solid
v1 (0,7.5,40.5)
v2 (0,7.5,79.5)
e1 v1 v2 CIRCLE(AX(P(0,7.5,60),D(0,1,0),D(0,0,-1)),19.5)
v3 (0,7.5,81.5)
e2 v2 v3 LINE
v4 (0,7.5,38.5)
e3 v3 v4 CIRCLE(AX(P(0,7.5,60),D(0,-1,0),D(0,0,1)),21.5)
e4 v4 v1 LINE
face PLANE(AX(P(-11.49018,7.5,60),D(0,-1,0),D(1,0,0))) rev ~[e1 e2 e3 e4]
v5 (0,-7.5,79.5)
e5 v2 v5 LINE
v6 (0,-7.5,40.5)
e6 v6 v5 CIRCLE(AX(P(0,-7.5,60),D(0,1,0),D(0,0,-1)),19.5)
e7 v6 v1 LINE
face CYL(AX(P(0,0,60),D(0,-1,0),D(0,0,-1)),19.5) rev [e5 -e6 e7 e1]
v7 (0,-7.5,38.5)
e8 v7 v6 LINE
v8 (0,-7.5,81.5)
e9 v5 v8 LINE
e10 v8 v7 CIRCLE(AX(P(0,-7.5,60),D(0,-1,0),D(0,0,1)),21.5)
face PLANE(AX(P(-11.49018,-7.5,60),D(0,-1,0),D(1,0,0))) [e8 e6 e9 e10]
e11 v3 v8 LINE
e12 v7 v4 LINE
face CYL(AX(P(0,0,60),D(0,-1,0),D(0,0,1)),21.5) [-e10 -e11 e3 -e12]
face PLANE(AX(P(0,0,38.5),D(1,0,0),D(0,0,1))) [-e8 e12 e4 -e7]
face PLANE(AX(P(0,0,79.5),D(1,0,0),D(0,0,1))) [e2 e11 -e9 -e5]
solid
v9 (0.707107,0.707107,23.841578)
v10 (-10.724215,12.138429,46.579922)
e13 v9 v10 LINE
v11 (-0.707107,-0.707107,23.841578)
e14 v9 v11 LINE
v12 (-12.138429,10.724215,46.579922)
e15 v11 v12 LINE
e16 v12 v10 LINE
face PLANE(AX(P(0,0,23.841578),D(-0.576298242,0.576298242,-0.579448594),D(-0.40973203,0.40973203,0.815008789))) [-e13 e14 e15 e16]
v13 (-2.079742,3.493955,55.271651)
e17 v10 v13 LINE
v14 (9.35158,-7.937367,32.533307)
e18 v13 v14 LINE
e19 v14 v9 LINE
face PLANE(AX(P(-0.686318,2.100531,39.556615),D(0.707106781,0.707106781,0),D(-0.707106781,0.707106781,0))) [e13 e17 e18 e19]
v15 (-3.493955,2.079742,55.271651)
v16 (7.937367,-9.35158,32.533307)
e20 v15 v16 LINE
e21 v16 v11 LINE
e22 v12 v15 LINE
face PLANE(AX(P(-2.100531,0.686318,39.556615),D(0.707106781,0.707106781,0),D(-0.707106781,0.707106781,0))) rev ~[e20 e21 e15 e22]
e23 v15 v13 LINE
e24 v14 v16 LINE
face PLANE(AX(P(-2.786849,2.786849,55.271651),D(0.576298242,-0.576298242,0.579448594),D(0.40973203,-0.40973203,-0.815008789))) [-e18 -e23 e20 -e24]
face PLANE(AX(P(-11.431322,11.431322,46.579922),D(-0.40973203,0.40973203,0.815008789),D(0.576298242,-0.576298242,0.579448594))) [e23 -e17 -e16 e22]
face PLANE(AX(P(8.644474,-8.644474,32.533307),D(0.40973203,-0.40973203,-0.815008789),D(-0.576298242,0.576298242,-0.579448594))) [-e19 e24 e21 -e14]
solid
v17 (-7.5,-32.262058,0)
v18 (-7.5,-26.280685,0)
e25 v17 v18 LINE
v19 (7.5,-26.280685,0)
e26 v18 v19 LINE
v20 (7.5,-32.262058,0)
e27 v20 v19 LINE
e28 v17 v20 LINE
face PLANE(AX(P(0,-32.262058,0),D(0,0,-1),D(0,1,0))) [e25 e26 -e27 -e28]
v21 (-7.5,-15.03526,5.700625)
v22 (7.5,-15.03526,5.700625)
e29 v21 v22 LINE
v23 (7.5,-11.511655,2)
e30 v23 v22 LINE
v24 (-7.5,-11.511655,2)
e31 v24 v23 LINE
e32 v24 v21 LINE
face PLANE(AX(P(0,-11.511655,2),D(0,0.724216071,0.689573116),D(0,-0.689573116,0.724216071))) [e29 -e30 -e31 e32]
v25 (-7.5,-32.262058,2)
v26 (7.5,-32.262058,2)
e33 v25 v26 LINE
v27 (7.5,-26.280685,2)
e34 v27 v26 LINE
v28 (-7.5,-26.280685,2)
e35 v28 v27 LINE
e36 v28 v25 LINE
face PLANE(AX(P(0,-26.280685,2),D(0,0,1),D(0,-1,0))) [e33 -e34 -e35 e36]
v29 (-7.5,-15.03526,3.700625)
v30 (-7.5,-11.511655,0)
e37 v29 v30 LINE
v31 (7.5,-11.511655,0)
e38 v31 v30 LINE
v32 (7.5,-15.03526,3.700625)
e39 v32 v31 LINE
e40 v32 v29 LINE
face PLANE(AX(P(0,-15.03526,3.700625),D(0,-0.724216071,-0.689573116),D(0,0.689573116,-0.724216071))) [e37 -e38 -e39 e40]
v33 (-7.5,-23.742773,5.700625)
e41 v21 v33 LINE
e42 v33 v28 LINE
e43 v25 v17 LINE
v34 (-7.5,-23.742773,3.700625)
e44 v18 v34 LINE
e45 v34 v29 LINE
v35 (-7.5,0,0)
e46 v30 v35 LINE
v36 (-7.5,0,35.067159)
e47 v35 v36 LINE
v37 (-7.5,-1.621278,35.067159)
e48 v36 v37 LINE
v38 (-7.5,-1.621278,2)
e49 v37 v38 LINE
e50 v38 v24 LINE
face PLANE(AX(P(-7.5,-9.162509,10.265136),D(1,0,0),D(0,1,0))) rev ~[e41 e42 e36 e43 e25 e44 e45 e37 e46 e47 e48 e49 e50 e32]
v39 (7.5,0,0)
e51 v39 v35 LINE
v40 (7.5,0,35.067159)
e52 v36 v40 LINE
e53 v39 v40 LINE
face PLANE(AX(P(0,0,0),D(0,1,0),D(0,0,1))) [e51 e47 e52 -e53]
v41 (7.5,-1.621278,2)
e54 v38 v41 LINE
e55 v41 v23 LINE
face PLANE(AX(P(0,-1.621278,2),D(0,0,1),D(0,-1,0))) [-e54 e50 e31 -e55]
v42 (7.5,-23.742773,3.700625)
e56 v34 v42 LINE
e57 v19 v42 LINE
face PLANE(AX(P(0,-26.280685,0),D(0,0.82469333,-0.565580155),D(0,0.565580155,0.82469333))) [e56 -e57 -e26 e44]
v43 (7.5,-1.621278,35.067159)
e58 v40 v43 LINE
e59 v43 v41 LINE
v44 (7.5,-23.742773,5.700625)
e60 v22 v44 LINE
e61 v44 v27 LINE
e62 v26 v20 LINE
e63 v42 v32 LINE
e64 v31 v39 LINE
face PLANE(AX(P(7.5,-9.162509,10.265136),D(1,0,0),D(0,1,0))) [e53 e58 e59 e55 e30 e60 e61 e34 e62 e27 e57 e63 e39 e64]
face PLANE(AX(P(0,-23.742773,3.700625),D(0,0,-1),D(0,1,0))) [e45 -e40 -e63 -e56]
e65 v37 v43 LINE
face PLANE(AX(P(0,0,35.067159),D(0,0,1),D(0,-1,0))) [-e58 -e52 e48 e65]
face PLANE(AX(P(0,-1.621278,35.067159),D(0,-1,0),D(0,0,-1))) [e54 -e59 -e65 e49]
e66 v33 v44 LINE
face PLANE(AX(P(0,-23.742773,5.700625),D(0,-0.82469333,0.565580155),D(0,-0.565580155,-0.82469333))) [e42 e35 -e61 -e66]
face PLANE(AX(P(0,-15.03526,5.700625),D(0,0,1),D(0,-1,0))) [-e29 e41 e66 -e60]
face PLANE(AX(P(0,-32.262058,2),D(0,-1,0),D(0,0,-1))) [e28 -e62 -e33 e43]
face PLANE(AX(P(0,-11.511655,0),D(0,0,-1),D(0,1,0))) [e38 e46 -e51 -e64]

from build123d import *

# Parameters (mm, degrees)
F1_DEPTH = 7.5
F3_DEPTH = 7.5
F6_DEPTH = 1


with BuildPart() as f1:
    # F0 (on Front) → F1 (new body, symmetric)
    with BuildSketch(Plane.XZ):
        with BuildLine():
            ThreePointArc((0, 40.5), (-19.5, 60), (0, 79.5))
            Line((0, 79.5), (0, 81.5))
            ThreePointArc((0, 81.5), (-21.5, 60), (0, 38.5))
            Line((0, 38.5), (0, 40.5))
        make_face()
    extrude(amount=F1_DEPTH, both=True)


with BuildPart() as f3:
    # F2 (on Right) → F3 (new body, symmetric)
    with BuildSketch(Plane.YZ):
        Polygon((0, 0), (0, 35.0671593758), (-1.6212782684, 35.0671593758), (-1.6212782684, 2), (-11.51165483, 2), (-15.0352595659, 5.7006245105), (-23.7427725853, 5.7006245105), (-26.2806854154, 2), (-32.2620575655, 2), (-32.2620575655, 0), (-26.2806854154, 0), (-23.7427725853, 3.7006245105), (-15.0352595659, 3.7006245105), (-11.51165483, 0), align=None)
    extrude(amount=F3_DEPTH, both=True)


with BuildPart() as f6:
    # F5 (on face) → F6 (new body, symmetric)
    with BuildSketch(Plane(origin=(0, 0, 0), x_dir=(-0.7071067812, 0.7071067812, 0), z_dir=(0.7071067812, 0.7071067812, 0))):
        Polygon((0, 23.8415779416), (16.166330901, 46.5799224766), (3.9411990612, 55.2716513897), (-12.2251318398, 32.5333068548), align=None)
    extrude(amount=F6_DEPTH, both=True)


solid = Compound([f1.part, f3.part, f6.part])
